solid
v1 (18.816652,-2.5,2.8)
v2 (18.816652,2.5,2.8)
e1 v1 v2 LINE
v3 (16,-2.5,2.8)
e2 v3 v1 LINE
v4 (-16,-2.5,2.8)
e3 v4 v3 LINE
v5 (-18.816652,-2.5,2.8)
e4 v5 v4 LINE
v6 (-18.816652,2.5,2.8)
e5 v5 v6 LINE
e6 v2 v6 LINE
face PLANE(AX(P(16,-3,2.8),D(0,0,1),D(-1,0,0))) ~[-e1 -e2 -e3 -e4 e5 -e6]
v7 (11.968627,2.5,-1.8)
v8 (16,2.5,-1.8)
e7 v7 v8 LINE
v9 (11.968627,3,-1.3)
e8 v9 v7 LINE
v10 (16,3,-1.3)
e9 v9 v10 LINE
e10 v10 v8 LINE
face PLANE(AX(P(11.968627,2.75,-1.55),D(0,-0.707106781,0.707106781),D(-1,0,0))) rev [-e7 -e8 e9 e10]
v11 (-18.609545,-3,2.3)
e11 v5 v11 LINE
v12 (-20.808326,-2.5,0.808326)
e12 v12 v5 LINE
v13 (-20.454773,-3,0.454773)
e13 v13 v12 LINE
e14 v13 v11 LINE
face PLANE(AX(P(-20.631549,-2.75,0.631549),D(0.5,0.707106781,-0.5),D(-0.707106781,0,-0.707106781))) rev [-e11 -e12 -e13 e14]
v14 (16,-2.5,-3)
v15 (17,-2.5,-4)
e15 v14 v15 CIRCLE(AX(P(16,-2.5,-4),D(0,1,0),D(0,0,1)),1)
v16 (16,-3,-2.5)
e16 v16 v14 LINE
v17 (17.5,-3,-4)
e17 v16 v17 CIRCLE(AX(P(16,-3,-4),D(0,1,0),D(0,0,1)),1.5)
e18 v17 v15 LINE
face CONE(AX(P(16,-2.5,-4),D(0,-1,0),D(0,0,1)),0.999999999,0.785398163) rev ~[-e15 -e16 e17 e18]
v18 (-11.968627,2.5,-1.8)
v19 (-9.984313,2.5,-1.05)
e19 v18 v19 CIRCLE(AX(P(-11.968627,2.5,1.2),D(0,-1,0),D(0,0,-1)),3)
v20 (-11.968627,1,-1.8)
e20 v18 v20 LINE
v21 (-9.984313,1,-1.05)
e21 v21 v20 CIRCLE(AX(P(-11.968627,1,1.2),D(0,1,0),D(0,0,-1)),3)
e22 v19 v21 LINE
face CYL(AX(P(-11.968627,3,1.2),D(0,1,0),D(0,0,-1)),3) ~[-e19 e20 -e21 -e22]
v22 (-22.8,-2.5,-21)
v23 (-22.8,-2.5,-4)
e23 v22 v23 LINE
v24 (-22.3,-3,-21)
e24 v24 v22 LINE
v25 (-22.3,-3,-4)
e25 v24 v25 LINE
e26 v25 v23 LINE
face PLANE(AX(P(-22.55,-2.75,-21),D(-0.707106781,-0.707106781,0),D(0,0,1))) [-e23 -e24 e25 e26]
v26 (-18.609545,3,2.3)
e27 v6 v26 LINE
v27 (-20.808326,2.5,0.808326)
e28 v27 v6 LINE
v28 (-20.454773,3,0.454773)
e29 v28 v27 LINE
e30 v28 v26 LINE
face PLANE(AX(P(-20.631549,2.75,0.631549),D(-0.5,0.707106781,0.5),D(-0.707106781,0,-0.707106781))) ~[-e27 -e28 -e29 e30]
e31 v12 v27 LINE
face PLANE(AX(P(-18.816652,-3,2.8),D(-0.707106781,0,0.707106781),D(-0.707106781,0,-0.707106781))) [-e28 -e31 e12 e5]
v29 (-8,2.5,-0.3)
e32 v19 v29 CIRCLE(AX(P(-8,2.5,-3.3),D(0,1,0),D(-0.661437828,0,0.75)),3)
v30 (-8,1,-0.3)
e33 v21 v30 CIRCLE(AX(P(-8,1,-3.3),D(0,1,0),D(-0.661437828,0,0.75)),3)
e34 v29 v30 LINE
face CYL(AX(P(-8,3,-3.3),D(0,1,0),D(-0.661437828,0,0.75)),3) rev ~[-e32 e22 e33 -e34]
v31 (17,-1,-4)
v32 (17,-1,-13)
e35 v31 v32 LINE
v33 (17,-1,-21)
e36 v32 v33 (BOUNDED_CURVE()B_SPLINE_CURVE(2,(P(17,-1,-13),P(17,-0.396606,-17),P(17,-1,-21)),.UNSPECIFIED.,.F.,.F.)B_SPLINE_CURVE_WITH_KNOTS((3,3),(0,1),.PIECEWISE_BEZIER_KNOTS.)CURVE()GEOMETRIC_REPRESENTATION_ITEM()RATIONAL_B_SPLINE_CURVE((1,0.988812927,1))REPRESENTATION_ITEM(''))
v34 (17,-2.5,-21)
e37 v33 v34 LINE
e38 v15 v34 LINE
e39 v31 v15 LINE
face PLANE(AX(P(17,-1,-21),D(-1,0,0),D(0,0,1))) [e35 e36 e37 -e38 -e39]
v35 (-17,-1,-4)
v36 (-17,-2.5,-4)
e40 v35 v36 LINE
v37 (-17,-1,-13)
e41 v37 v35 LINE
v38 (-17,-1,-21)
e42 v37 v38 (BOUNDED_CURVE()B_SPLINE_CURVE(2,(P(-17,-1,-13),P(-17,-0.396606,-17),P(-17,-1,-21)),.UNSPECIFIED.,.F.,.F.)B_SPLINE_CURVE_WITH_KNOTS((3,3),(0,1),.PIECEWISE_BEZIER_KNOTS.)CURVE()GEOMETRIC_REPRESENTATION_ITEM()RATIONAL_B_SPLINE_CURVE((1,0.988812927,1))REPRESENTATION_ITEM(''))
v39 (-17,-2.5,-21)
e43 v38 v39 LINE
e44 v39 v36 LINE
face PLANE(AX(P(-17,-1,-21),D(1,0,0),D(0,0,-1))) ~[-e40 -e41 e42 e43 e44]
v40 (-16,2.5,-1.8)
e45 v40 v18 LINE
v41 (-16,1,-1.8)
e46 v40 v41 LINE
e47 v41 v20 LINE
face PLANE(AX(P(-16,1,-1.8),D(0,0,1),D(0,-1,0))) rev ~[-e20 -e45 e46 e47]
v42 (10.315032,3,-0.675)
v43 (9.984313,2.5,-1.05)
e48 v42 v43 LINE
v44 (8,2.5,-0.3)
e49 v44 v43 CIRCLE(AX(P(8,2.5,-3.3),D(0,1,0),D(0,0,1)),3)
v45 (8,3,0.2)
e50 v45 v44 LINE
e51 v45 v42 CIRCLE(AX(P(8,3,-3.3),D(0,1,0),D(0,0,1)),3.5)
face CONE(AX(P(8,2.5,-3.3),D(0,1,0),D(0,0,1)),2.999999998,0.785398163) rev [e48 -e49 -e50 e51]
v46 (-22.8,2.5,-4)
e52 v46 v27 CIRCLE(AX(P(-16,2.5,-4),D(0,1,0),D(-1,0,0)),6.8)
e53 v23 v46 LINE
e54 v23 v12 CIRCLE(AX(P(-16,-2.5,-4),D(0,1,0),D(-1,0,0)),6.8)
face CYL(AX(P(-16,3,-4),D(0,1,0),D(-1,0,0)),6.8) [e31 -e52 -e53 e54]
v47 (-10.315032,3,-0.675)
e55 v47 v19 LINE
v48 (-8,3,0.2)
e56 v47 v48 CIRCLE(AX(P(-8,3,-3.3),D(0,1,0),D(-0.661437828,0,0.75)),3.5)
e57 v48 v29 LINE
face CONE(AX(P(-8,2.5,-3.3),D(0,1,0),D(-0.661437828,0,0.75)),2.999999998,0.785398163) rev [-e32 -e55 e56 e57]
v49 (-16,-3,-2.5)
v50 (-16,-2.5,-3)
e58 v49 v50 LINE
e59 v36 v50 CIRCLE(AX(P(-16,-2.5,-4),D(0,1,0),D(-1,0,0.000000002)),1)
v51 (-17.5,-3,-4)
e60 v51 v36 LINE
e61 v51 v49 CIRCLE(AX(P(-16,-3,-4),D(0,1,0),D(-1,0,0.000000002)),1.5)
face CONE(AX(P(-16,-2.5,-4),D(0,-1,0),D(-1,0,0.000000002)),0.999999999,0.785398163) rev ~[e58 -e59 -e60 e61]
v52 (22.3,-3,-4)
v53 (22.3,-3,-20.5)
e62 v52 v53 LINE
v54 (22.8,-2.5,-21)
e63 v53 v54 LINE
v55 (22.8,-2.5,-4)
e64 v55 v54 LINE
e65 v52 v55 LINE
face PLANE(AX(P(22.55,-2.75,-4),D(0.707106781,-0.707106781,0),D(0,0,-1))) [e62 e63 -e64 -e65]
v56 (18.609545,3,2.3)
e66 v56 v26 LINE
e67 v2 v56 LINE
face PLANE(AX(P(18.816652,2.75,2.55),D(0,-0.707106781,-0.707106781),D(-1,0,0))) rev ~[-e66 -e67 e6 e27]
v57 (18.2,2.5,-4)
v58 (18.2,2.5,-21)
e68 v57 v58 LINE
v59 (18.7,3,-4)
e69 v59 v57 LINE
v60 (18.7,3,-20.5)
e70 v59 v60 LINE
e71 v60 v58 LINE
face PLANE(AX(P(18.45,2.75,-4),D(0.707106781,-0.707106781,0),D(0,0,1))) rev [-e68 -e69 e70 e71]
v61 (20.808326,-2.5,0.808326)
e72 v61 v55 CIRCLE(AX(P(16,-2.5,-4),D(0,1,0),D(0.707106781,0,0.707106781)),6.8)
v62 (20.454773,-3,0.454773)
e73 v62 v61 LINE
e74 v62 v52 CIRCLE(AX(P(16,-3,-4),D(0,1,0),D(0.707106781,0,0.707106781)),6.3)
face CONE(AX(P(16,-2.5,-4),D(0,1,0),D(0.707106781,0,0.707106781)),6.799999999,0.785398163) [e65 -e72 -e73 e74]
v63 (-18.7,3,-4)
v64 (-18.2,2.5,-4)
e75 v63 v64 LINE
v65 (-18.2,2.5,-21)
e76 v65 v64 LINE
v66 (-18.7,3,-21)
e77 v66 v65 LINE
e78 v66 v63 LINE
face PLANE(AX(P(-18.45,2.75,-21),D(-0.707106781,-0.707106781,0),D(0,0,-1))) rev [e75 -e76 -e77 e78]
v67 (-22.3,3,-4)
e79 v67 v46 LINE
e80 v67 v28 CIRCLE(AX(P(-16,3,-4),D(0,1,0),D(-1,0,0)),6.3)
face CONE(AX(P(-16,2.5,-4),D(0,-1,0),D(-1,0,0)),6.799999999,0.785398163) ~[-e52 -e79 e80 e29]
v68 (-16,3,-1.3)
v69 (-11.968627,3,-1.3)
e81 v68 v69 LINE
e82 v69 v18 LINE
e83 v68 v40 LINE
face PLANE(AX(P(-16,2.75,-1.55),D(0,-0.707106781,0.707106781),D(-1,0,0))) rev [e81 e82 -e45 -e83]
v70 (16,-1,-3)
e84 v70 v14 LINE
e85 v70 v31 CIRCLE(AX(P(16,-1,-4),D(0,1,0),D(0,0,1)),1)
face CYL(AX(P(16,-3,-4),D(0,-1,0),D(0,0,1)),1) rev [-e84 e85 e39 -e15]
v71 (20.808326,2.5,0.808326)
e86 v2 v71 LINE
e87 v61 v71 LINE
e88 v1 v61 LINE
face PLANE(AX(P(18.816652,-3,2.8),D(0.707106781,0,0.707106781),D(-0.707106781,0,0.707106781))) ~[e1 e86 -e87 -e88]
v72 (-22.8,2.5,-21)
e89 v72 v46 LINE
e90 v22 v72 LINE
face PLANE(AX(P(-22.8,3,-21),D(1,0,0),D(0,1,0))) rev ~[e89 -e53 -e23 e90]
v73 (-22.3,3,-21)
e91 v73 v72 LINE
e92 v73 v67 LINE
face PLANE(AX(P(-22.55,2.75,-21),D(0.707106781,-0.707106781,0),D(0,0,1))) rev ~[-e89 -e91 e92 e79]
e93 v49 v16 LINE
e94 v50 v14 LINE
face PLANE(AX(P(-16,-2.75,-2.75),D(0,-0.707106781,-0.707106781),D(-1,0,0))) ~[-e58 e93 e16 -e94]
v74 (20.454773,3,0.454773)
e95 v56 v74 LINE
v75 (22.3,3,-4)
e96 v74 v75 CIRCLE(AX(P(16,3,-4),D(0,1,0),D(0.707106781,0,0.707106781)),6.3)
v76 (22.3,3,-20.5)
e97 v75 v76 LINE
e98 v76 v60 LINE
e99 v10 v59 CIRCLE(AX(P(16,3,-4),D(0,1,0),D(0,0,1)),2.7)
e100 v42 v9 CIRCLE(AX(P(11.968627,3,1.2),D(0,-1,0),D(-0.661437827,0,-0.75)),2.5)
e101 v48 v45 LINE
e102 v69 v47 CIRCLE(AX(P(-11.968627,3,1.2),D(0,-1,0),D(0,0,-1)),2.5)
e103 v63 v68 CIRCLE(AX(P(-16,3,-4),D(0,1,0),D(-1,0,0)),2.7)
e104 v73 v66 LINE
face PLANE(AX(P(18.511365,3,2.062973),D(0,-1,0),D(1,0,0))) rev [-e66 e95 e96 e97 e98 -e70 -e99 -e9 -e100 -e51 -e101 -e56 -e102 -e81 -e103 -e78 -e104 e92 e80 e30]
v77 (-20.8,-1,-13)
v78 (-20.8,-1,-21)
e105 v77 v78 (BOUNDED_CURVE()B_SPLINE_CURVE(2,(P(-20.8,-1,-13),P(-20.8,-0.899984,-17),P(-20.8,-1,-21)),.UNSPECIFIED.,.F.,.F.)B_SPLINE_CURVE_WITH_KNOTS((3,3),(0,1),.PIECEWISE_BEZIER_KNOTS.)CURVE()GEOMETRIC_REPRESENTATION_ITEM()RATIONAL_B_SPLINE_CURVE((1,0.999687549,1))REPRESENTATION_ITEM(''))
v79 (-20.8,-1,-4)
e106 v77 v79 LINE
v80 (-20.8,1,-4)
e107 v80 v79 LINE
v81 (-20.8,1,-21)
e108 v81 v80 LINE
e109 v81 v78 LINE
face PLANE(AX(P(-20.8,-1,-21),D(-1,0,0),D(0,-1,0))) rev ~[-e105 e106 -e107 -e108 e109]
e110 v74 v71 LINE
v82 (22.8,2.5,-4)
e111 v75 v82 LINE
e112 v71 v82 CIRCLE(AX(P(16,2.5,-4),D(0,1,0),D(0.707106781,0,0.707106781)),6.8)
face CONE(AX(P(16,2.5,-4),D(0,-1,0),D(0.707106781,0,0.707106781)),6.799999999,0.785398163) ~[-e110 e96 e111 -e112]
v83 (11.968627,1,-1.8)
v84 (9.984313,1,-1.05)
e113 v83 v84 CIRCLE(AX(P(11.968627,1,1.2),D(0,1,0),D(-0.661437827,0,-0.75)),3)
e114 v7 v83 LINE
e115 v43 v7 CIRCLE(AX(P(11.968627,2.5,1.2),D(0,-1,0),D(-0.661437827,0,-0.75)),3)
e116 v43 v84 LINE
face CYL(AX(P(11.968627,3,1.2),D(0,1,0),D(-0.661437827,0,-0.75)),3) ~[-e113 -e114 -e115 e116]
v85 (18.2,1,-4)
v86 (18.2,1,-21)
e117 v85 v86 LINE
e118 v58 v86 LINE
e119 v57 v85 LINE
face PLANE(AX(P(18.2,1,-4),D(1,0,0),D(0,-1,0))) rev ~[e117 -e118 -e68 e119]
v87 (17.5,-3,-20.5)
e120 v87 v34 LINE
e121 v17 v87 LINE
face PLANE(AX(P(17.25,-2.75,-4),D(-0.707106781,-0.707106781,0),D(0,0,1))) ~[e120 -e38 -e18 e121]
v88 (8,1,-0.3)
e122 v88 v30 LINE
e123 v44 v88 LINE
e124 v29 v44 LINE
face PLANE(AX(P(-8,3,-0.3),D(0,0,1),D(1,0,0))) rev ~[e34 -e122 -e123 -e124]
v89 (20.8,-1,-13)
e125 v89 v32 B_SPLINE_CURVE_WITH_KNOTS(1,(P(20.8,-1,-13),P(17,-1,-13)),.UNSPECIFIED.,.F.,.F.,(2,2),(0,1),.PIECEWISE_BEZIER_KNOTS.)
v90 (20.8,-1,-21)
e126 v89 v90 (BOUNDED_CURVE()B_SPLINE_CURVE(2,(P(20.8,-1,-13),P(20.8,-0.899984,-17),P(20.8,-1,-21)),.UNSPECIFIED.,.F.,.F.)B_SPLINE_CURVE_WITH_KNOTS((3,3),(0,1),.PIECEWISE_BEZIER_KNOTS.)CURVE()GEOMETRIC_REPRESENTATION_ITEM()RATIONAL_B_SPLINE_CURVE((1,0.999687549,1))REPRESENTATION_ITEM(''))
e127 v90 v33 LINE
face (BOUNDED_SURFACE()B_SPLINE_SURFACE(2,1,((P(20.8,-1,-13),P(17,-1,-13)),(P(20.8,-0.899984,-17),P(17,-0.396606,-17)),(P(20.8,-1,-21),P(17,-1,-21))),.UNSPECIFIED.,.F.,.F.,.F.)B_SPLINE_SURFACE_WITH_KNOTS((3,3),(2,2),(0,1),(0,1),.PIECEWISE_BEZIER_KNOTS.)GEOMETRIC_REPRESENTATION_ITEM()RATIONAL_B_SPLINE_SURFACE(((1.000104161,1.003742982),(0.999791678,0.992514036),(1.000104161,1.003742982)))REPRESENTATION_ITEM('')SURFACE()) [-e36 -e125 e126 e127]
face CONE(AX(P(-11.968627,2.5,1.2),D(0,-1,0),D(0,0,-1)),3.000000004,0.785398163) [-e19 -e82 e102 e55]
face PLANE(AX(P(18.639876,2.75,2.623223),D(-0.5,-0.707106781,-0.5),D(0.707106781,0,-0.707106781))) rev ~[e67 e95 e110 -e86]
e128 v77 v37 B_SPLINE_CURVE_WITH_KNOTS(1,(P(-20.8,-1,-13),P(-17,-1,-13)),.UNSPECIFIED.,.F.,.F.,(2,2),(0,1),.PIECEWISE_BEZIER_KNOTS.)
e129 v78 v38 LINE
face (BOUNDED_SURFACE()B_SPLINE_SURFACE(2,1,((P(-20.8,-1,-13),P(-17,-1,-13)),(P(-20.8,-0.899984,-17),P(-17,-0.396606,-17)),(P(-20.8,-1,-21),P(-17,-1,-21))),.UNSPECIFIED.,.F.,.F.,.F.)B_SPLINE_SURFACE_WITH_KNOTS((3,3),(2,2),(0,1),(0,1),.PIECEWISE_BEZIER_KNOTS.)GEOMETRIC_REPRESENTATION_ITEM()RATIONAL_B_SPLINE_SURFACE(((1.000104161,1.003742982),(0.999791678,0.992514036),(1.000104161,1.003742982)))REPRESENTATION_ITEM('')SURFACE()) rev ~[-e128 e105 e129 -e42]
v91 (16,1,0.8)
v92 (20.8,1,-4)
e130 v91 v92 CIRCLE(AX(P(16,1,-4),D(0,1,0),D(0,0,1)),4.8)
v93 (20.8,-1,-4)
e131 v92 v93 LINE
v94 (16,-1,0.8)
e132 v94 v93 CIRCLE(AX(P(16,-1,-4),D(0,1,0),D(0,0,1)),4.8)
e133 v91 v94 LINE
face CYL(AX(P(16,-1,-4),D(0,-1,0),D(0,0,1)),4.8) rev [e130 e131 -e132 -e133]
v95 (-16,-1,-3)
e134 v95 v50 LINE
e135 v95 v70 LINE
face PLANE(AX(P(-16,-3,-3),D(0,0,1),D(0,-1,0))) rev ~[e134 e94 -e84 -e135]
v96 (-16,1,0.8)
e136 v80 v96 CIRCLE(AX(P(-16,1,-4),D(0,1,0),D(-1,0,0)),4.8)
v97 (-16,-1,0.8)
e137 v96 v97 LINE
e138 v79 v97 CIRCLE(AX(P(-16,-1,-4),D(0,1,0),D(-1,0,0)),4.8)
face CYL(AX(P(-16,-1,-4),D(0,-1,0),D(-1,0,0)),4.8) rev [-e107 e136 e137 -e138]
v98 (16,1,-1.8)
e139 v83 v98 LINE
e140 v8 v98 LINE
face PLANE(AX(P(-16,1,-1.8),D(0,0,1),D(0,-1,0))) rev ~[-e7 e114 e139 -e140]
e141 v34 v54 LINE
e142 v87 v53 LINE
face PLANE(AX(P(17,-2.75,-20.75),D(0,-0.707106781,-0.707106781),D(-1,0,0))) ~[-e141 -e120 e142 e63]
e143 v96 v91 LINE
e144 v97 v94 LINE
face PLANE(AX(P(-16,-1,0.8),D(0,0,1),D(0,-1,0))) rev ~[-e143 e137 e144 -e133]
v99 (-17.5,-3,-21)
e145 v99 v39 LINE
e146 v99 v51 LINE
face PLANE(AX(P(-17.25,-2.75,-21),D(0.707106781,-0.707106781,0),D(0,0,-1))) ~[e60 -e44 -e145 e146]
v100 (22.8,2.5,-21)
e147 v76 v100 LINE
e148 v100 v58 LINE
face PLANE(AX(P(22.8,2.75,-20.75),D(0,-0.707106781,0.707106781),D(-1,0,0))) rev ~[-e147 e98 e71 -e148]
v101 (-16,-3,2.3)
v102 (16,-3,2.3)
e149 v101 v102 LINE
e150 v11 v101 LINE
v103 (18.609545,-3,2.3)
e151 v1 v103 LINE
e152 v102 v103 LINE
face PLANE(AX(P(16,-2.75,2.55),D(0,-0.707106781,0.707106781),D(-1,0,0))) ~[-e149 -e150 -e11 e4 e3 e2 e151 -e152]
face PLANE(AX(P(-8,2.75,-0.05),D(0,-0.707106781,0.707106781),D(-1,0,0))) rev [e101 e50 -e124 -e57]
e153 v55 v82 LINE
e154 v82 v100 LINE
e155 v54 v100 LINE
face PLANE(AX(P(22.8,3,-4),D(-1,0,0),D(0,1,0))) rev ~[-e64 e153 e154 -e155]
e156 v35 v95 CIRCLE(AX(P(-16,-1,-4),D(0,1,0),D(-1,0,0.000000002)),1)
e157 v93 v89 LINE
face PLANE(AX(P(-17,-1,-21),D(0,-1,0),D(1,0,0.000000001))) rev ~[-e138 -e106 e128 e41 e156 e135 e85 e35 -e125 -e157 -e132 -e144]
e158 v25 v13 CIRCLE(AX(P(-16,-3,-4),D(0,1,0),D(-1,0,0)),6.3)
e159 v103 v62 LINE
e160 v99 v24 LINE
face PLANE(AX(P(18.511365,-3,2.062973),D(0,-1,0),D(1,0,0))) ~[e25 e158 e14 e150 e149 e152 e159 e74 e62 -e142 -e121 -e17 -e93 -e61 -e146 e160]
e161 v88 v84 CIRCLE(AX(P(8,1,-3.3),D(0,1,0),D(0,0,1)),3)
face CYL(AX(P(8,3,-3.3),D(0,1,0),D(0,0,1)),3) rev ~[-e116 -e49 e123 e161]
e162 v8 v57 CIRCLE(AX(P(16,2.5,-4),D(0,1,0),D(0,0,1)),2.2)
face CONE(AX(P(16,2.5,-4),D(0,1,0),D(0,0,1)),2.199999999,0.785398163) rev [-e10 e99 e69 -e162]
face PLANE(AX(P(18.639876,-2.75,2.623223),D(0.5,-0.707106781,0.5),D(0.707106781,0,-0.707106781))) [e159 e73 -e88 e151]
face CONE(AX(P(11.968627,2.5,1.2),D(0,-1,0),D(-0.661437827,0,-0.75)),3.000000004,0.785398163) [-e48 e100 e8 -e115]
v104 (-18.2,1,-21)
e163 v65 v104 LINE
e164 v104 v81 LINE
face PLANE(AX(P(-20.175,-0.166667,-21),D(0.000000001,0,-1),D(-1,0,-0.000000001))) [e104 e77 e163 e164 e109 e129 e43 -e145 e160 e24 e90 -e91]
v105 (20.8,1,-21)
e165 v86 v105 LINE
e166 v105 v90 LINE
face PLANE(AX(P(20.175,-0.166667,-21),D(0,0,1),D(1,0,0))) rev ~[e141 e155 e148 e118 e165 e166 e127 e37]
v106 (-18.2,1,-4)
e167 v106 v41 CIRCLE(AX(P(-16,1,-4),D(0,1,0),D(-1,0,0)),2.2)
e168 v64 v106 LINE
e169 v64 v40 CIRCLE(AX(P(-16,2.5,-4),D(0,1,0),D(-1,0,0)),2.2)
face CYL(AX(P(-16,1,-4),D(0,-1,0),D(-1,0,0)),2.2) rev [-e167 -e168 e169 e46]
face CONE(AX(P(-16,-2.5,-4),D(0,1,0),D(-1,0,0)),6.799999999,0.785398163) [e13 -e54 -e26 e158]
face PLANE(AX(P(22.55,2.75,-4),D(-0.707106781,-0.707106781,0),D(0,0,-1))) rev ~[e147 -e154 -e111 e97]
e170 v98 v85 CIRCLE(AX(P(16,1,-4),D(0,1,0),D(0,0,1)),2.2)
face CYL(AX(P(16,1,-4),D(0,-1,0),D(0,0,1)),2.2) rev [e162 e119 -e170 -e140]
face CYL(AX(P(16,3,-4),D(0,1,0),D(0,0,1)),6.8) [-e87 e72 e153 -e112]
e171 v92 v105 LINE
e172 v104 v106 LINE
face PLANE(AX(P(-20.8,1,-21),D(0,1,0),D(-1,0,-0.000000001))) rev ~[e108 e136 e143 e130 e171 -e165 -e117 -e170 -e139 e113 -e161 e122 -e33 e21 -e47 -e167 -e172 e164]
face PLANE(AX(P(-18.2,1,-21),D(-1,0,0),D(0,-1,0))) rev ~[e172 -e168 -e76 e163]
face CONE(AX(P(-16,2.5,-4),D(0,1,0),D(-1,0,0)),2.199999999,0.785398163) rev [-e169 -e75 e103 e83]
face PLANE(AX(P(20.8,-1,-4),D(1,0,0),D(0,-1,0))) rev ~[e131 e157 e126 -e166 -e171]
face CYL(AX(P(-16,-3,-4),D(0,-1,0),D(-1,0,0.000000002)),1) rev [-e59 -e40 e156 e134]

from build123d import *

# Parameters (mm, degrees)
BOSS_EXTRUDE1_DEPTH = 6
CUT_EXTRUDE1_REACH  = 33.573
CHAMFER2_SIZE       = 0.5


with BuildPart() as part:
    # Sweep3: sweep along a path in Sketch1
    with BuildLine(Plane(origin=(0, 0, 0), x_dir=(1, 0, 0), z_dir=(0, 1, 0))) as sweep3_path:
        Line((-20, 21), (-20, 4))
        ThreePointArc((-20, 4), (-18.828427125, 1.171572875), (-16, 0))
        Line((-16, 0), (16, 0))
        ThreePointArc((16, 0), (18.828427125, 1.171572875), (20, 4))
        Line((20, 4), (20, 21))
    # Sketch2 → Sweep3 (sweep)
    with BuildSketch(Plane.XY.offset(-21)):
        Polygon((18.2, 1), (18.2, 3), (22.8, 3), (22.8, -3), (17, -3), (17, -1), (20.8, -1), (20.8, 1), align=None)
    sweep(path=sweep3_path.line)

    # Sketch5 → Boss-Extrude1 (add, through all)
    with BuildSketch(Plane.XZ.offset(3)):
        Polygon((-16, 2.8), (-18.816652224, 2.8), (-20.808326112, 0.808326112), align=None)
    boss_extrude1 = extrude(amount=-BOSS_EXTRUDE1_DEPTH)

    # Mirror2: Boss-Extrude1 across plane
    add(boss_extrude1.mirror(Plane(origin=(0, 0, 0), x_dir=(0, 0, 1), z_dir=(1, 0, 0))))

    # Sketch6 → Cut-Extrude1 (cut, up to next)
    with BuildSketch(Plane(origin=(0, 3, 0), x_dir=(1, 0, 0), z_dir=(0, 1, 0)), mode=Mode.PRIVATE) as cut_extrude1_sk1:
        with BuildLine():
            Line((-8, 0.3), (8, 0.3))
            ThreePointArc((8, 0.3), (9.060660172, 0.49375696), (9.984313483, 1.05))
            ThreePointArc((9.984313483, 1.05), (10.907966795, 1.60624304), (11.968626967, 1.8))
            Line((11.968626967, 1.8), (-11.968626967, 1.8))
            ThreePointArc((-11.968626967, 1.8), (-10.907966795, 1.60624304), (-9.984313483, 1.05))
            ThreePointArc((-9.984313483, 1.05), (-9.060660172, 0.49375696), (-8, 0.3))
        make_face()
    cut_extrude1_tool1 = extrude(cut_extrude1_sk1.sketch, amount=-CUT_EXTRUDE1_REACH, mode=Mode.PRIVATE) & part.part
    add(cut_extrude1_tool1.solids().sort_by_distance((0, 3, -1.083194))[0], mode=Mode.SUBTRACT)

    # Chamfer2
    chamfer2_edges = [part.edges().sort_by_distance(p)[0] for p in [
        (13.984313483, 3, -1.8),
        (-10.907966795, 3, -1.60624304),
        (-9.060660172, 3, -0.49375696),
        (0, 3, -0.3),
        (9.060660172, 3, -0.49375696),
        (10.907966795, 3, -1.60624304),
        (0, -3, -3),
        (0, -3, 2.8),
        (0, 3, 2.8),
        (-13.984313483, 3, -1.8),
        (16.707106781, -3, -3.292893219),
        (17.555634919, 3, -2.444365081),
        (17, -3, -12.5),
        (19.9, -3, -21),
        (22.8, -3, -12.5),
        (22.8, 3, -12.5),
        (20.5, 3, -21),
        (18.2, 3, -12.5),
        (-17, -3, -12.5),
        (-22.8, -3, -12.5),
        (-22.8, 3, -12.5),
        (-18.2, 3, -12.5),
        (-16.707106781, -3, -3.292893219),
        (-22.282380821, -3, -1.39775266),
        (-19.812489168, 3, 1.804163056),
        (0, 3, 2.8),
        (0, -3, 2.8),
        (-19.812489168, -3, 1.804163056),
        (-22.282380821, 3, -1.39775266),
        (-17.555634919, 3, -2.444365081),
        (22.282380821, 3, -1.39775266),
        (22.282380821, -3, -1.39775266),
        (0, -3, 2.8),
        (19.812489168, -3, 1.804163056),
        (19.812489168, 3, 1.804163056),
        (0, 3, 2.8),
    ]]
    chamfer(chamfer2_edges, length=CHAMFER2_SIZE)

    # Sketch4 for Loft1 → Loft1 section 0
    with BuildSketch(Plane.ZY.offset(-20.8)):
        with BuildLine():
            Line((-21, -1), (-13, -1))
            # circular arc as an exact rational Bezier (weights 1, cos(half-angle), 1)
            Bezier((-13, -1), (-17, -0.899984373), (-21, -1), weights=[1, 0.999687549, 1])
        make_face()
    # Sketch3 for Loft1 → Loft1 section 1
    with BuildSketch(Plane.ZY.offset(-17)):
        with BuildLine():
            Line((-21, -1), (-13, -1))
            Bezier((-13, -1), (-17, -0.396605908), (-21, -1), weights=[1, 0.988812927, 1])
        make_face()
    loft1 = loft()

    # Mirror1: Loft1 across plane
    add(loft1.mirror(Plane(origin=(0, 0, 0), x_dir=(0, 0, 1), z_dir=(1, 0, 0))))


solid = part.part
